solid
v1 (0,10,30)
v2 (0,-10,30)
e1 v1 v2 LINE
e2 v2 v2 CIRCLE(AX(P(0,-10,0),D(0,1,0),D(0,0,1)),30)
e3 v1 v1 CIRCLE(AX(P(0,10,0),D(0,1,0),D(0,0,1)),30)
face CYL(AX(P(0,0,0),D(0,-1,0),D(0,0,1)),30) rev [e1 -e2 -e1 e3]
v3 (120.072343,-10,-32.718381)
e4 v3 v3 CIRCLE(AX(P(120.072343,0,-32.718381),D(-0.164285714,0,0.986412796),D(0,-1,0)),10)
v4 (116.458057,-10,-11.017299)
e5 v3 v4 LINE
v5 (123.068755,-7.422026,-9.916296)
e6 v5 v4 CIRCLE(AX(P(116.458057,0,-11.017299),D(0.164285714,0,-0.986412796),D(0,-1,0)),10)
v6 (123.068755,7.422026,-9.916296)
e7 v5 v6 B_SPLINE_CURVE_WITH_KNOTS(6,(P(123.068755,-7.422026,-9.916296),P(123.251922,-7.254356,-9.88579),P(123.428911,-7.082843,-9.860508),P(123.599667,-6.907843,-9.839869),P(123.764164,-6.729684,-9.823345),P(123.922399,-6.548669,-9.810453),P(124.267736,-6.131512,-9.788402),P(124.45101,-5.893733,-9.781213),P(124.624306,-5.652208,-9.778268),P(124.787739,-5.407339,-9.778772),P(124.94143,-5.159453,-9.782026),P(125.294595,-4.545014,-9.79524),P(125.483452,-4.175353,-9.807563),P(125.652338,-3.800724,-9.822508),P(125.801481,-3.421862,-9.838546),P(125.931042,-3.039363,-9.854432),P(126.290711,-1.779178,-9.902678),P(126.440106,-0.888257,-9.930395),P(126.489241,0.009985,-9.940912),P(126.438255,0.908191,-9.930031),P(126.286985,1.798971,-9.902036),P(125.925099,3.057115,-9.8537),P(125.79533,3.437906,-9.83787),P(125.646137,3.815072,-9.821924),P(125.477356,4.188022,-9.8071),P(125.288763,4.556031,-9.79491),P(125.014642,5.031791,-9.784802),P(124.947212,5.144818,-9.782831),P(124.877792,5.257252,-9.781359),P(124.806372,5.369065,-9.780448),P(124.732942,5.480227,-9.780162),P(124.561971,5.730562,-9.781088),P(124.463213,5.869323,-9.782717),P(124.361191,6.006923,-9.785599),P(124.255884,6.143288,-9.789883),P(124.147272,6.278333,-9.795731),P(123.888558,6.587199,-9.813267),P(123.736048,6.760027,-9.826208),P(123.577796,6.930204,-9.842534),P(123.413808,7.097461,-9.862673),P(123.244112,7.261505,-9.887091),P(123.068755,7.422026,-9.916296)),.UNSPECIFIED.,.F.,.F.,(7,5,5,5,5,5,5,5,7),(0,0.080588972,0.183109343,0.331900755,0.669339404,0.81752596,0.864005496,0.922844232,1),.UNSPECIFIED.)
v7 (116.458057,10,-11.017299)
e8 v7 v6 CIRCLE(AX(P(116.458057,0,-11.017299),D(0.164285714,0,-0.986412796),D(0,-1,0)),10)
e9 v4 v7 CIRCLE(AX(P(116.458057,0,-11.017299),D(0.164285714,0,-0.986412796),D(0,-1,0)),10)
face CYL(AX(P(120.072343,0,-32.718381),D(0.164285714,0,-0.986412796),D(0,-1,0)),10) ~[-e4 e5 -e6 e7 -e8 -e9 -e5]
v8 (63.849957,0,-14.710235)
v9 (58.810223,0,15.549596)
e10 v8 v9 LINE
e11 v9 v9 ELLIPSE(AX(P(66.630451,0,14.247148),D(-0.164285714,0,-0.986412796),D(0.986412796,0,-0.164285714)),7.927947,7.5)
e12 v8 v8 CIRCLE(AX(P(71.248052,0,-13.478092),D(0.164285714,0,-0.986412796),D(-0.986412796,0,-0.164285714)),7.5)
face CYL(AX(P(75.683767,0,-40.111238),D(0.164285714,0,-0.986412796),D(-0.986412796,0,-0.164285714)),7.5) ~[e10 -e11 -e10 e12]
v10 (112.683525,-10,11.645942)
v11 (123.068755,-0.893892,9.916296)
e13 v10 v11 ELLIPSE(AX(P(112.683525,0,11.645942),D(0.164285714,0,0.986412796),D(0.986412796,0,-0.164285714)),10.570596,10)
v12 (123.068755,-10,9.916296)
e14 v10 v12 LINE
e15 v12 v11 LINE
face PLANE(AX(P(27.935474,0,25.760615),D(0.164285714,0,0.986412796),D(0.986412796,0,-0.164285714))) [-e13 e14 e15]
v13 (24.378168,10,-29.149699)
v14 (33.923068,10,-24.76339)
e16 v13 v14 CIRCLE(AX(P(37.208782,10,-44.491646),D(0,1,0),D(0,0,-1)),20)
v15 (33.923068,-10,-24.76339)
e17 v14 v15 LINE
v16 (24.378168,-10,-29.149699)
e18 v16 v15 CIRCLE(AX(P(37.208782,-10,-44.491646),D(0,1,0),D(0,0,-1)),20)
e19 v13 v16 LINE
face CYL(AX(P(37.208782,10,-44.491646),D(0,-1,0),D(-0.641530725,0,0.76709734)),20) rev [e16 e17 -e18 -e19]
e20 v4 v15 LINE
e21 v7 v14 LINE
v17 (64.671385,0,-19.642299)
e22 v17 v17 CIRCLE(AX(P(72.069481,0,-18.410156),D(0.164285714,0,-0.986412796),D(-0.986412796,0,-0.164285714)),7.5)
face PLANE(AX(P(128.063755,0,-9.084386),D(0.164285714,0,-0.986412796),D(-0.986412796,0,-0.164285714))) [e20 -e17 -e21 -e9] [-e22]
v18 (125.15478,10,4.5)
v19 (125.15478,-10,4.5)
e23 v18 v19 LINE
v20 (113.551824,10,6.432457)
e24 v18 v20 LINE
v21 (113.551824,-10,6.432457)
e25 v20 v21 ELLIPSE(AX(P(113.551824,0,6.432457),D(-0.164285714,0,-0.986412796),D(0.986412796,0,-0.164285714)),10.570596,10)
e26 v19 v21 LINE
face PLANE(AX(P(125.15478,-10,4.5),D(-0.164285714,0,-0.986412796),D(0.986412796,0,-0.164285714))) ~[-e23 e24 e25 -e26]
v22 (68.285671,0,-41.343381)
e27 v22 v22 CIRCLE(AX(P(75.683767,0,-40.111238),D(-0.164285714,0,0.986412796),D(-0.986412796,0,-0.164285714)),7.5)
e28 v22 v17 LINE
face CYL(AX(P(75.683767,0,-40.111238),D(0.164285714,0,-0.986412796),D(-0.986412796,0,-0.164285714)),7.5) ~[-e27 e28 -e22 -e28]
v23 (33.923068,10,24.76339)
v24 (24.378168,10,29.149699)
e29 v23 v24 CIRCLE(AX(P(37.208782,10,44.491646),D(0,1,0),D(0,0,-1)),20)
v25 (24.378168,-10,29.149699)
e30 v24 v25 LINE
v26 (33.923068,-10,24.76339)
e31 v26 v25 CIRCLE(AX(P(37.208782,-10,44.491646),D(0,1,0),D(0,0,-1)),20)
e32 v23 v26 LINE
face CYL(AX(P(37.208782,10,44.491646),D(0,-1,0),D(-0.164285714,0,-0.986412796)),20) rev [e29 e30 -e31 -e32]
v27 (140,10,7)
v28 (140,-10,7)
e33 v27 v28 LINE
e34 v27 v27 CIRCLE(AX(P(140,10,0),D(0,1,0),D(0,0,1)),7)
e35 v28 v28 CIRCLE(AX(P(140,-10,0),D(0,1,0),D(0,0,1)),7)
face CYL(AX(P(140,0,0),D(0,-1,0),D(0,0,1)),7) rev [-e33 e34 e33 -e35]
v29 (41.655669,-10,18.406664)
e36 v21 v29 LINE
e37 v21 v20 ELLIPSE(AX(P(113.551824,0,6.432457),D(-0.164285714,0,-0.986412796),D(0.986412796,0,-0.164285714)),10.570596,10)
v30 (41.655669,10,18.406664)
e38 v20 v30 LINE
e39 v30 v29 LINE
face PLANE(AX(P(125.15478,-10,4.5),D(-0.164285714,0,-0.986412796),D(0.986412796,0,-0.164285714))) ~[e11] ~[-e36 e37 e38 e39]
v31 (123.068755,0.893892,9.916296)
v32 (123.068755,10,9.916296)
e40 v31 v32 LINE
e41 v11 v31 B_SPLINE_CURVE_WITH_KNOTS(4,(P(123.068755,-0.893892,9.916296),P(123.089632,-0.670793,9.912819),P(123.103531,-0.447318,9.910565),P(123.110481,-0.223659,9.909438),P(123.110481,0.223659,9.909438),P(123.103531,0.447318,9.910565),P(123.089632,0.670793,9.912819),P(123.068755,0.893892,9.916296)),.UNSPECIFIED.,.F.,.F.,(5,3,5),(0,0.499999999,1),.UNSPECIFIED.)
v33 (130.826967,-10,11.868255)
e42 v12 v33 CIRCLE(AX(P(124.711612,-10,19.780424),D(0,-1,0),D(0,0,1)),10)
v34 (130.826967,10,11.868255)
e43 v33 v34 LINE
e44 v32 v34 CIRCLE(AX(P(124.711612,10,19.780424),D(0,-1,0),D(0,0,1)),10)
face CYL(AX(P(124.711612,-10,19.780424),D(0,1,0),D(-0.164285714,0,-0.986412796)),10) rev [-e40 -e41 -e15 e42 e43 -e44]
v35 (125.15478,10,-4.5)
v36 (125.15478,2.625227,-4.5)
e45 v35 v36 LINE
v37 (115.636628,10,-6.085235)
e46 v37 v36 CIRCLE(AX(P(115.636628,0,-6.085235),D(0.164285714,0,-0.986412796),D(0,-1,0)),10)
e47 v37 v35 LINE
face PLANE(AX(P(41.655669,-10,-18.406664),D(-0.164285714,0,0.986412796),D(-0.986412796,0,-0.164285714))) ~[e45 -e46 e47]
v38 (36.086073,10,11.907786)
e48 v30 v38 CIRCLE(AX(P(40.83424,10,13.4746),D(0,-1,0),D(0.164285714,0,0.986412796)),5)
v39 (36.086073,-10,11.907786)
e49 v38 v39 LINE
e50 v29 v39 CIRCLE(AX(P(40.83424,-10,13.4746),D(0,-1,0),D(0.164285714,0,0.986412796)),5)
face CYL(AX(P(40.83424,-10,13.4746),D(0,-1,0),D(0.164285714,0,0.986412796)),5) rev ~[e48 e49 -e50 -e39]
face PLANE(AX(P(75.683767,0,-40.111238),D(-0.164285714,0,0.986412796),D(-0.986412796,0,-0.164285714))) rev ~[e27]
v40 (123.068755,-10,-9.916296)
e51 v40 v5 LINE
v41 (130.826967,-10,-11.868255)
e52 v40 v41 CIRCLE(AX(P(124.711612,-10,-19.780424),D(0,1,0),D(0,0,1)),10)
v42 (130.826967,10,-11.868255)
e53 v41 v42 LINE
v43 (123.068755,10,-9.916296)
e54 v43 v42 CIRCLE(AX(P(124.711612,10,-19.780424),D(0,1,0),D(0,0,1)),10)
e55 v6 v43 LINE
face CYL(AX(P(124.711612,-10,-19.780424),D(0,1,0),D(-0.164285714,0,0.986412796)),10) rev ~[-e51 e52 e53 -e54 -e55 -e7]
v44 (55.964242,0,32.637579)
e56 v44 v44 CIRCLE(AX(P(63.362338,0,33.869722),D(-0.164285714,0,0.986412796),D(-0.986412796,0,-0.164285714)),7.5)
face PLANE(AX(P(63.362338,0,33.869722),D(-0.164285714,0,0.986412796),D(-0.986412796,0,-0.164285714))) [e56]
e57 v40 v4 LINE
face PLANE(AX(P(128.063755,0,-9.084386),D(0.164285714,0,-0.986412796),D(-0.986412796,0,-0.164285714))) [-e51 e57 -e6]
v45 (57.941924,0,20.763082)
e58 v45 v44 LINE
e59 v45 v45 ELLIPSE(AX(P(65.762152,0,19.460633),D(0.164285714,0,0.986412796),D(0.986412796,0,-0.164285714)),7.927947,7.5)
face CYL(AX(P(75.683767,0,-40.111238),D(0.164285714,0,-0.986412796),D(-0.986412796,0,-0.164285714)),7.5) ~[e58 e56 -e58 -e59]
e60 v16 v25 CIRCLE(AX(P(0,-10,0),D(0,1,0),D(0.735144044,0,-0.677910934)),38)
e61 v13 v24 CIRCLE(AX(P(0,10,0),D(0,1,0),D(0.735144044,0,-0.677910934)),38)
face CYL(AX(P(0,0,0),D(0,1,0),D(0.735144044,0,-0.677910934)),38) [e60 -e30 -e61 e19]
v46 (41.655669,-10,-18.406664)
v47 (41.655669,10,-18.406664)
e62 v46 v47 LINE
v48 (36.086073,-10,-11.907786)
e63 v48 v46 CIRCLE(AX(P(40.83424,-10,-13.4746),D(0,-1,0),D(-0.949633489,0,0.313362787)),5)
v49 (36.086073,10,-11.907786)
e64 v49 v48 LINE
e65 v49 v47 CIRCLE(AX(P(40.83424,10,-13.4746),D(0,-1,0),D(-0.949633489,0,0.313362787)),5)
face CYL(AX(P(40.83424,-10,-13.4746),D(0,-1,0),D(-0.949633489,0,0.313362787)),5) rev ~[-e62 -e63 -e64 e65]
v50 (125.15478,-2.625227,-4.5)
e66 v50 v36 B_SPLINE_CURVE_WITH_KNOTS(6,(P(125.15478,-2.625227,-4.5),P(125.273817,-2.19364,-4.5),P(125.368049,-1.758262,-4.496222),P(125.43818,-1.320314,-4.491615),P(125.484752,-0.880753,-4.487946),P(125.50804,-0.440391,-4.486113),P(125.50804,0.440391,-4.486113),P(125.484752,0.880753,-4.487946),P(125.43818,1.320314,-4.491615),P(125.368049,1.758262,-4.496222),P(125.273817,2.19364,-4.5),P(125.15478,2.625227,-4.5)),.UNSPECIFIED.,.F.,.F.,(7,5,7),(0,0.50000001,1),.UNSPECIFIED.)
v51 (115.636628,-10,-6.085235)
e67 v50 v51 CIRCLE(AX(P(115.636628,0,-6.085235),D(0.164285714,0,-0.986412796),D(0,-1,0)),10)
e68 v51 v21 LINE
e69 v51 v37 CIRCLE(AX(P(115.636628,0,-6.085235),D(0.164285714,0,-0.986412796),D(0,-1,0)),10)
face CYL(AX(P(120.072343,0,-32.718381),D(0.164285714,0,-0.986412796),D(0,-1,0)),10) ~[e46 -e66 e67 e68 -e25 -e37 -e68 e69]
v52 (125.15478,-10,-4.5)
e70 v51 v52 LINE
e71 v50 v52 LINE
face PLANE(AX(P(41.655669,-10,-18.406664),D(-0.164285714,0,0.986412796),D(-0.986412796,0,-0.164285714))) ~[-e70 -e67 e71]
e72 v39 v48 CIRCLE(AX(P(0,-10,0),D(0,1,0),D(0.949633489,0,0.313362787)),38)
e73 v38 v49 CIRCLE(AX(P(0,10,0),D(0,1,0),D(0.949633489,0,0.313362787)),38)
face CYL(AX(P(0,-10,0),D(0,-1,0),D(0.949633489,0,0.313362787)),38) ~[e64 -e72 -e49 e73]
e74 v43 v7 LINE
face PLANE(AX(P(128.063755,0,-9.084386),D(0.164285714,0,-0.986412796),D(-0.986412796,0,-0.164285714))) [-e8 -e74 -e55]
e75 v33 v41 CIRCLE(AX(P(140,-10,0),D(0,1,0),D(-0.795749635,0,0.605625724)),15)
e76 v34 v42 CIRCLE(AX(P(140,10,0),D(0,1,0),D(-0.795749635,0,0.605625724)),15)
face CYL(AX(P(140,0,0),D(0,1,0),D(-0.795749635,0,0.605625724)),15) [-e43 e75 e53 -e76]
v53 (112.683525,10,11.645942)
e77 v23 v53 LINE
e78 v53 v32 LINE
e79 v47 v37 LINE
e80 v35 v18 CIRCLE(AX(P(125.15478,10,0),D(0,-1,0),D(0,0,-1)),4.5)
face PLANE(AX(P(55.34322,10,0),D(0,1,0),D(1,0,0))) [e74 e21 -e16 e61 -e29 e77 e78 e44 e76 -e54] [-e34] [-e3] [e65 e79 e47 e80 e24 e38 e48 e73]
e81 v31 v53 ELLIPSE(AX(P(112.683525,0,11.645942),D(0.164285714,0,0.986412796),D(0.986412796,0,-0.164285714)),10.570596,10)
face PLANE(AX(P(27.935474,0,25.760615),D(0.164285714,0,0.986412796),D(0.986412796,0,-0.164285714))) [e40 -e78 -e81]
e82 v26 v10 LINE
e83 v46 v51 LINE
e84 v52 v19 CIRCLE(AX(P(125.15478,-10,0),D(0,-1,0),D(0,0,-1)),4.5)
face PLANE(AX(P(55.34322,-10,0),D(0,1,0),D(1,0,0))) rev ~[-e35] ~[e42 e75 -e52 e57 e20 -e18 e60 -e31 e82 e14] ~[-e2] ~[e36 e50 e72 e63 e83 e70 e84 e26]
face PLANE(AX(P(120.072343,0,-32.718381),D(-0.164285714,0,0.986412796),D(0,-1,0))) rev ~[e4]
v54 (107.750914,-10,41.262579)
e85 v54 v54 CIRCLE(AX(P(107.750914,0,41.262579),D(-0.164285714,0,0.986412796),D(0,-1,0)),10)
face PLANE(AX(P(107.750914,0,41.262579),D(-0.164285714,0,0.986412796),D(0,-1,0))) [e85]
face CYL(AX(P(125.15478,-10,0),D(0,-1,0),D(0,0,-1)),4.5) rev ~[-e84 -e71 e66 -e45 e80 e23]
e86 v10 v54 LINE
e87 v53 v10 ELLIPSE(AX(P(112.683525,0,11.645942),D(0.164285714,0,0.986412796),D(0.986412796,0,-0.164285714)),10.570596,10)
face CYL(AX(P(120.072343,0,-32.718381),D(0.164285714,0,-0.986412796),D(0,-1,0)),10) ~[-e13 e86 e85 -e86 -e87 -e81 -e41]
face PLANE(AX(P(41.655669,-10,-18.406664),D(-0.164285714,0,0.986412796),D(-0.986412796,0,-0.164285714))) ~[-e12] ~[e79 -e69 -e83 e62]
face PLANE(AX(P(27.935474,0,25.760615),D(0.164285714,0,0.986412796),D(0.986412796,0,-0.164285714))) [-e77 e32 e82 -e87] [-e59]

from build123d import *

# Parameters (mm, degrees)
SKETCH1_R                = 30
SKETCH1_R_2              = 7
BOSS_EXTRUDE1_DEPTH      = 10
FILLET1_R                = 10
FILLET2_R                = 20
CUT_EXTRUDE1_DEPTH       = 10
BOSS_EXTRUDE4_DEPTH      = 48
BOSS_EXTRUDE4_DEPTH_BACK = 27
SKETCH3_R                = 10
SKETCH3_R_2              = 7.5


with BuildPart() as part:
    # Sketch1 → Boss-Extrude1 (new, symmetric)
    with BuildSketch(Plane(origin=(0, 0, 0), x_dir=(1, 0, 0), z_dir=(0, 1, 0))):
        with BuildLine():
            Line((27.935473676, -25.760615491), (128.063755469, -9.084385863))
            ThreePointArc((128.063755469, -9.084385863), (155, 0), (128.063755469, 9.084385863))
            Line((128.063755469, 9.084385863), (27.935473676, 25.760615491))
            ThreePointArc((27.935473676, 25.760615491), (-38, 0), (27.935473676, -25.760615491))
        make_face()
        with Locations(Location((0, 0, 0), (0, 0, 270))):
            Circle(SKETCH1_R, mode=Mode.SUBTRACT)
        with Locations(Location((140, 0, 0), (0, 0, 270))):
            Circle(SKETCH1_R_2, mode=Mode.SUBTRACT)
    extrude(amount=BOSS_EXTRUDE1_DEPTH, both=True)

    # Fillet1
    fillet1_edges = [part.edges().sort_by_distance(p)[0] for p in [
        (128.063755469, 0, -9.084385863),
        (128.063755469, 0, 9.084385863),
    ]]
    fillet(fillet1_edges, radius=FILLET1_R)

    # Fillet2
    fillet2_edges = [part.edges().sort_by_distance(p)[0] for p in [
        (27.935473676, 0, -25.760615491),
        (27.935473676, 0, 25.760615491),
    ]]
    fillet(fillet2_edges, radius=FILLET2_R)

    # Sketch2 → Cut-Extrude1 (cut)
    with BuildSketch(Plane(origin=(0, 10, 0), x_dir=(1, 0, 0), z_dir=(0, 1, 0))):
        with BuildLine():
            Line((41.655668603, 18.406663826), (125.154779936, 4.5))
            ThreePointArc((125.154779936, 4.5), (129.654779936, 0), (125.154779936, -4.5))
            Line((125.154779936, -4.5), (41.655668603, -18.406663826))
            ThreePointArc((41.655668603, -18.406663826), (37.03770568, -16.72826346), (36.086072586, -11.907785911))
            ThreePointArc((36.086072586, -11.907785911), (38, 0), (36.086072586, 11.907785911))
            ThreePointArc((36.086072586, 11.907785911), (37.03770568, 16.72826346), (41.655668603, 18.406663826))
        make_face()
    cut_extrude1 = extrude(amount=-CUT_EXTRUDE1_DEPTH, mode=Mode.SUBTRACT)

    # Mirror1: Cut-Extrude1 across plane
    add(cut_extrude1.mirror(Plane.ZX), mode=Mode.SUBTRACT)

    # Sketch3 → Boss-Extrude4 (add, two sides: drawn at the far end of the back side and taken through both)
    with BuildSketch(Plane(origin=(4.107142857, 0, -24.6603199), x_dir=(0.9864127959843347, 0, 0.16428571428571412), z_dir=(-0.16428571428571412, 0, 0.9864127959843348)).offset(-BOSS_EXTRUDE4_DEPTH_BACK)):
        with Locations(Location((113.065732621, 0, 0), (0, 0, 270))):
            Circle(SKETCH3_R)
        with Locations(Location((68.065732621, 0, 0), (0, 0, 180))):
            Circle(SKETCH3_R_2)
    extrude(amount=BOSS_EXTRUDE4_DEPTH + BOSS_EXTRUDE4_DEPTH_BACK)


solid = part.part
